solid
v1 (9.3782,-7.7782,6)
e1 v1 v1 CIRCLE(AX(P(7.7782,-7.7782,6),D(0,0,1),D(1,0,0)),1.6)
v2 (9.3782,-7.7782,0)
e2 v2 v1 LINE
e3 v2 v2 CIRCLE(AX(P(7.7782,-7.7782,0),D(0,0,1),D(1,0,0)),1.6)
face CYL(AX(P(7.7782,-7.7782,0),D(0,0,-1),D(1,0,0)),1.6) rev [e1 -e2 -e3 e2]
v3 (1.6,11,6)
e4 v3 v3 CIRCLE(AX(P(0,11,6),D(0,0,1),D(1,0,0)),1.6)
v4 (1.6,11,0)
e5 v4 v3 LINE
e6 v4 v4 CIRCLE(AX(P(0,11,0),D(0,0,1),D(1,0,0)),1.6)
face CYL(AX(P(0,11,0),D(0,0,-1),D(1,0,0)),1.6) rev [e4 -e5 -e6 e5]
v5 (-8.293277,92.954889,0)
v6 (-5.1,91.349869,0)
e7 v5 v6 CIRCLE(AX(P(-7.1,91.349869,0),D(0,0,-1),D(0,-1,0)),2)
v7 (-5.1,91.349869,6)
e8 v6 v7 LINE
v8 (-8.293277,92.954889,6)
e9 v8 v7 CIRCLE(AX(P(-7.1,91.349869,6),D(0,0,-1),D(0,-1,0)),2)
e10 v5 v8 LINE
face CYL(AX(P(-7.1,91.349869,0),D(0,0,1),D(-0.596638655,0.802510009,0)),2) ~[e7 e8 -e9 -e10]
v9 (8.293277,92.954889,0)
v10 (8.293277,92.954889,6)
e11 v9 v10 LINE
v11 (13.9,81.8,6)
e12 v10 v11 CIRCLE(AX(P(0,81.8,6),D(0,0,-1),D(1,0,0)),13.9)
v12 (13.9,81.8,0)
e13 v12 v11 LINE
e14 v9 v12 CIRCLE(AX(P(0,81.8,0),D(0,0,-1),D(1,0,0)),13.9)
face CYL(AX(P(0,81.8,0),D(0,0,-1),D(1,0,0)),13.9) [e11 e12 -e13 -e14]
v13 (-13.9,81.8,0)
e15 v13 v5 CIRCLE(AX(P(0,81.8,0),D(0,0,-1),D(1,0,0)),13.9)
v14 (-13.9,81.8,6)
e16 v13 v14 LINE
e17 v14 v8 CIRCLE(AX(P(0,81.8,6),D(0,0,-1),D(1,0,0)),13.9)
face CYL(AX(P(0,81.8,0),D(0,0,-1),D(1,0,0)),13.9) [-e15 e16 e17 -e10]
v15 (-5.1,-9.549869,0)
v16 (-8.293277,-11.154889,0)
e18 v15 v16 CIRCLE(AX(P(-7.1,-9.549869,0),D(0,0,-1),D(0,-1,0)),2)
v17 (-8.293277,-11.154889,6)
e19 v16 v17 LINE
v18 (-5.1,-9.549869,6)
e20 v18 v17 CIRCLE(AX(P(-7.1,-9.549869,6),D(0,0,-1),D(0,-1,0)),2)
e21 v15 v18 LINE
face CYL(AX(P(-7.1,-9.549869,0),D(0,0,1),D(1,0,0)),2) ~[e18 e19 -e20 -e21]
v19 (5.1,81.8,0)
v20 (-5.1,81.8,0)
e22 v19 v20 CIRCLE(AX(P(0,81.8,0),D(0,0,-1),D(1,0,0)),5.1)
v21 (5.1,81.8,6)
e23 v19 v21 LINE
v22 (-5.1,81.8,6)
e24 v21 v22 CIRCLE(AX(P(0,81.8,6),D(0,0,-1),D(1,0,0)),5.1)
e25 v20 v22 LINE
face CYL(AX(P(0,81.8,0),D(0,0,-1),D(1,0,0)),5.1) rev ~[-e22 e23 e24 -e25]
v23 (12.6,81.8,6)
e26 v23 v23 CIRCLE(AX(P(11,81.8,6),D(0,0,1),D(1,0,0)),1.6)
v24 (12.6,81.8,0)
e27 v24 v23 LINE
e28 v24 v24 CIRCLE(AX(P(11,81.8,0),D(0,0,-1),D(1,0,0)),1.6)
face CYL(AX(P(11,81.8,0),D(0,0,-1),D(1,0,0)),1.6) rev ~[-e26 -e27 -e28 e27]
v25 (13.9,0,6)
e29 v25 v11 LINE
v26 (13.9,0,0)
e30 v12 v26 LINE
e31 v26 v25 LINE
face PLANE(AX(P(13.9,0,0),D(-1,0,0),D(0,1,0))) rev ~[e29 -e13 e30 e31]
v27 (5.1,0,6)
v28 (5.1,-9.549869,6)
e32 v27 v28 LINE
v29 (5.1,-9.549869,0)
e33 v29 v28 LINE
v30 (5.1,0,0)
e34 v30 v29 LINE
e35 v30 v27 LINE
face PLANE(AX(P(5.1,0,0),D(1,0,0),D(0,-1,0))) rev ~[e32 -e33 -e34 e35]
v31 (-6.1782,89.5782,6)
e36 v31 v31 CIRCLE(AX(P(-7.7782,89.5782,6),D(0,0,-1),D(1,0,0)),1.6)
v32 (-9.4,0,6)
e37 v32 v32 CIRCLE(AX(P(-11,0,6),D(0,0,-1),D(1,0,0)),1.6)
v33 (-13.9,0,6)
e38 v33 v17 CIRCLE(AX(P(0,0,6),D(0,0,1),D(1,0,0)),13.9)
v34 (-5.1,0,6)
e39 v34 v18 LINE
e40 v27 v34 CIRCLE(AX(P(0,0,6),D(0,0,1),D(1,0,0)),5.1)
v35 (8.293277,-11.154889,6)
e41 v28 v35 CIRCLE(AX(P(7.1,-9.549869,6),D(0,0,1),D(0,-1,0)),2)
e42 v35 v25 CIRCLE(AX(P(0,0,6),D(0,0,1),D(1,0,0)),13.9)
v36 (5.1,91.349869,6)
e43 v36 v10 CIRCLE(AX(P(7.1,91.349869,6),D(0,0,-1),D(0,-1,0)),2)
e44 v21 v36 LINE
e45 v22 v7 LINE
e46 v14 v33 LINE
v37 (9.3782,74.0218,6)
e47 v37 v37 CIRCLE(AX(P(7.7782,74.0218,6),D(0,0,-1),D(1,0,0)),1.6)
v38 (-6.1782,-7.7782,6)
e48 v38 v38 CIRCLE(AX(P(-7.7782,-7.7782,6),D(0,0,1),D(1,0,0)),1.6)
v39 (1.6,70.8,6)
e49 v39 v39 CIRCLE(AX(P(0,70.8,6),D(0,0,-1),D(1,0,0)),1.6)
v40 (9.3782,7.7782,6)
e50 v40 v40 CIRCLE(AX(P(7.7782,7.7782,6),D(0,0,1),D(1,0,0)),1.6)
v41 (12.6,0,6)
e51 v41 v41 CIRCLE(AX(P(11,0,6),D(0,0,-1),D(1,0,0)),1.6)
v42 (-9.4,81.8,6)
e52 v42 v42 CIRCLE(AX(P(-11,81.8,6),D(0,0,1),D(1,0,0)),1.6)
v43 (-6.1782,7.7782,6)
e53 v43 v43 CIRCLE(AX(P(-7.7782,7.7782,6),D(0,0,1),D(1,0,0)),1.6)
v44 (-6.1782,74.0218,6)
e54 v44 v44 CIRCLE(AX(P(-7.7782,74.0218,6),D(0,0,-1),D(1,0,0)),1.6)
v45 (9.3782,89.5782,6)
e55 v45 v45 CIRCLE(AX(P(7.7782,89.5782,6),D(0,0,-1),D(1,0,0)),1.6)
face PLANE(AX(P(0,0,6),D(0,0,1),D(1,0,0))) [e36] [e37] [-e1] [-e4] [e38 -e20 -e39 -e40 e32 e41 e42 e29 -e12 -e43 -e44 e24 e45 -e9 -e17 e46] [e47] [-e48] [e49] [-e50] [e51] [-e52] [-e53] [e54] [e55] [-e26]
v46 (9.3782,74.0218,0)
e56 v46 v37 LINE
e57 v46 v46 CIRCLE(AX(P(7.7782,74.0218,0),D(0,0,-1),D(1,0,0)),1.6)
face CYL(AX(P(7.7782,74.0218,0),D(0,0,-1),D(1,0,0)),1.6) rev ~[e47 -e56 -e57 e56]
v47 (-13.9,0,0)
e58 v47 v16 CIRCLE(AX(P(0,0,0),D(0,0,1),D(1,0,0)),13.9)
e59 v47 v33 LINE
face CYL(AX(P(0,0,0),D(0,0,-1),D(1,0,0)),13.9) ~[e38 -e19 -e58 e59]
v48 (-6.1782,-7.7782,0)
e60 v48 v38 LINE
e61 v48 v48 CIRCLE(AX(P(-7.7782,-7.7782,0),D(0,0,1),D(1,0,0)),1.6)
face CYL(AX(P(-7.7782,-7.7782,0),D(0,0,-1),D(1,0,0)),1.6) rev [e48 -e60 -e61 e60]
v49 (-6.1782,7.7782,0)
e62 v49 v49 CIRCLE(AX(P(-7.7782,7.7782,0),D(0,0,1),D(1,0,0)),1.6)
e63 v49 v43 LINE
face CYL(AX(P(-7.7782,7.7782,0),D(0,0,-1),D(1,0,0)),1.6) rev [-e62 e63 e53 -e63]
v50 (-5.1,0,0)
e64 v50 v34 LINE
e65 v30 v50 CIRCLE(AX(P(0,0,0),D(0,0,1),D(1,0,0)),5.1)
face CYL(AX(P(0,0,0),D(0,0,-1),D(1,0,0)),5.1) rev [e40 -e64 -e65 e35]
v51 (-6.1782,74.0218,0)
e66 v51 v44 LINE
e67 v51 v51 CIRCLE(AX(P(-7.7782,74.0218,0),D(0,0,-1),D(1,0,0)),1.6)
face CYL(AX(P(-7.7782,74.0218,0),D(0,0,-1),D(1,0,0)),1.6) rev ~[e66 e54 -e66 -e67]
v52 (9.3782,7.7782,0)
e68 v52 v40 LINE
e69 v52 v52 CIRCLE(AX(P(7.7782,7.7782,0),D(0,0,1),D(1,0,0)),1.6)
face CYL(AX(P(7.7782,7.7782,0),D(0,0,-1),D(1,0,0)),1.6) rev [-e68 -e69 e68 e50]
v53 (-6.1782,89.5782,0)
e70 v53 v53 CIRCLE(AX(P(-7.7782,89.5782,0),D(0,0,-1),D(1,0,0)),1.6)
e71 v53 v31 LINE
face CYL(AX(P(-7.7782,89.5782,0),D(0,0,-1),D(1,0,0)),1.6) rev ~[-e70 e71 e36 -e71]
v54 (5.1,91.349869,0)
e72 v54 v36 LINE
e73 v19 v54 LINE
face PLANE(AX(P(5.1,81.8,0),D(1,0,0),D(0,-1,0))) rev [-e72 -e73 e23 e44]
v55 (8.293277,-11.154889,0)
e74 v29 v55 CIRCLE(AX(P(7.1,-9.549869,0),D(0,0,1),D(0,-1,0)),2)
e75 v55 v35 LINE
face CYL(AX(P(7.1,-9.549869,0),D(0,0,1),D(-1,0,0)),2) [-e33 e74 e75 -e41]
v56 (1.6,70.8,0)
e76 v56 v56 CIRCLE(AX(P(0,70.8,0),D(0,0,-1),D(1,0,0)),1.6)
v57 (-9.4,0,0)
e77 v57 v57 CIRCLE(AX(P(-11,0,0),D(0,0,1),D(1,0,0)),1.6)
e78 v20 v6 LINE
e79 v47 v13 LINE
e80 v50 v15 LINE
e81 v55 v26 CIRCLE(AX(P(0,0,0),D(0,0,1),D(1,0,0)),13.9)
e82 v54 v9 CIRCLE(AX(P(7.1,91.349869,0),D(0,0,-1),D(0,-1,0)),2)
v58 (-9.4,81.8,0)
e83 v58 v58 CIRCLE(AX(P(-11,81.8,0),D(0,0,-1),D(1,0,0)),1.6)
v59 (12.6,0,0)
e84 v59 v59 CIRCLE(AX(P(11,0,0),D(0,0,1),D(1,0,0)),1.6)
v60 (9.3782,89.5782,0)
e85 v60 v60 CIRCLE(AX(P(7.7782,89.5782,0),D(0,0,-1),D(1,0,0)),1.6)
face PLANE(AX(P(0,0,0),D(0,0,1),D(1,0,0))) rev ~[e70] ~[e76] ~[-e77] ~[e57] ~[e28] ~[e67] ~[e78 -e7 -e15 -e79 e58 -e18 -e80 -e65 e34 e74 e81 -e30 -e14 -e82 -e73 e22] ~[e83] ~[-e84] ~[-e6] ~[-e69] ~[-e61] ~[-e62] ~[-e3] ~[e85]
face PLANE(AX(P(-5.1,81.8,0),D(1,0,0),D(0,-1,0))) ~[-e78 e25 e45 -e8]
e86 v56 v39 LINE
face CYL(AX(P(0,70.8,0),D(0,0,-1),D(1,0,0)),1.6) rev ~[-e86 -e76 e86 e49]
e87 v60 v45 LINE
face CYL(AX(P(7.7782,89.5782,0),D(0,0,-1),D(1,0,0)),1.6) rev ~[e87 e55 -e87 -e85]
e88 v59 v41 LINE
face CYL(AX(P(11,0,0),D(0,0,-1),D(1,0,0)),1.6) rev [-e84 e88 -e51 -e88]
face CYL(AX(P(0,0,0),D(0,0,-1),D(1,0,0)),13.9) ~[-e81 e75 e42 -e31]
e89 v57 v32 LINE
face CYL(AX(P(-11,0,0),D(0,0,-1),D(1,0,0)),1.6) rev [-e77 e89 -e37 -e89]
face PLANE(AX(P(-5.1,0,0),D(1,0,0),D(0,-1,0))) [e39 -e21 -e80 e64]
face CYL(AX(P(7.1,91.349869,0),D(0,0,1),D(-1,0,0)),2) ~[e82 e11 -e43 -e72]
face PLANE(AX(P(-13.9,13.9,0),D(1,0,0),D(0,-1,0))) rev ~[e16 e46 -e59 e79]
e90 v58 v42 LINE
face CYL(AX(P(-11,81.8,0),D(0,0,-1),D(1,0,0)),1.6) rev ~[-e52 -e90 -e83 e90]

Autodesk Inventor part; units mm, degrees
ref_plane "YZ Plane" through (0, 0, 0) normal (1, 0, 0) x (0, 1, 0)
ref_plane "XZ Plane" through (0, 0, 0) normal (0, 1, 0) x (-1, 0, 0)
ref_plane "XY Plane" through (0, 0, 0) normal (0, 0, 1) x (1, 0, 0)
ref_plane "작업 평면1" through (0, 0, 0) normal (0, 0, 1) x (1, 0, 0)
sketch "스케치1" plane through (0, 0, 0) normal (0, 0, 1) x (1, 0, 0)
  circle A0 centre (-7.7782, -7.7782) radius 1.55 projected
  circle A1 centre (7.7782, -7.7782) radius 1.55 projected
  circle A2 centre (7.7782, 7.7782) radius 1.55 projected
  circle A3 centre (-7.7782, 7.7782) radius 1.55 projected
  circle A4 centre (0, 0) radius 5 projected
  circle A5 centre (0, 11) radius 1.55 projected
  circle A6 centre (11, 0) radius 1.55 projected
  circle A7 centre (0, -11) radius 1.55 projected
  circle A8 centre (-11, 0) radius 1.55 projected
  circle A9 centre (0, 0) radius 5.1
  line L0 (-13.9, 0) -> (13.9, 0)
  line L1 (13.9, 0) -> (13.9, 13.9)
  line L2 (13.9, 13.9) -> (-13.9, 13.9)
  line L3 (-13.9, 13.9) -> (-13.9, 0)
  line L4 (-5.1, 0) -> (-5.1, -12.9306)
  line L5 (5.1, 0) -> (5.1, -12.9306)
  circle A10 centre (-7.7782, 7.7782) radius 1.6
  circle A11 centre (-11, 0) radius 1.6
  circle A12 centre (-7.7782, -7.7782) radius 1.6
  circle A13 centre (0, -11) radius 1.6
  circle A14 centre (7.7782, -7.7782) radius 1.6
  circle A15 centre (11, 0) radius 1.6
  circle A16 centre (7.7782, 7.7782) radius 1.6
  circle A17 centre (0, 11) radius 1.6
  line L6 (-13.9, 13.9) -> (13.9, 13.9)
  circle A18 centre (-7.7782, -7.7782) radius 1.55 projected
  circle A19 centre (7.7782, -7.7782) radius 1.55 projected
  circle A20 centre (7.7782, 7.7782) radius 1.55 projected
  circle A21 centre (-7.7782, 7.7782) radius 1.55 projected
  circle A22 centre (0, 0) radius 5 projected
  circle A23 centre (0, 0) radius 13.9 projected
  circle A24 centre (0, 11) radius 1.55 projected
  circle A25 centre (11, 0) radius 1.55 projected
  circle A26 centre (0, -11) radius 1.55 projected
  circle A27 centre (-11, 0) radius 1.55 projected
  circle A28 centre (0, 0) radius 13.9
  line L7 (-13.9, 13.9) -> (13.9, 13.9)
  line L8 (13.9, 13.9) -> (13.9, 40.9)
  line L9 (13.9, 40.9) -> (-13.9, 40.9)
  line L10 (-13.9, 40.9) -> (-13.9, 13.9)
  dimension "d0" = 0.1
  dimension "d1" = 3.2
  dimension "d4" = 360
  dimension "d10" = 27
  dimension "d16" = 13.9
extrude "돌출4" add sketch "스케치1" along normal blind 6 contours A9 L0 A11 A23 A15 | L0 A15 A23 L5 | L4 A23 L0 A11 | A23 L2 L1 | L3 L2 A23 | L2 L10 L9 L8
mirror "미러4" about plane through (13.9, 40.9, 0) normal (0, 1, 0)
fillet "모깎기3" radius 2 4 edges at (5.1, 94.7306, 3) (-5.1, 94.7306, 3) (5.1, -12.9306, 3) (-5.1, -12.9306, 3)
properties part number "leg_ver2_new" material "PMMA 플라스틱"
